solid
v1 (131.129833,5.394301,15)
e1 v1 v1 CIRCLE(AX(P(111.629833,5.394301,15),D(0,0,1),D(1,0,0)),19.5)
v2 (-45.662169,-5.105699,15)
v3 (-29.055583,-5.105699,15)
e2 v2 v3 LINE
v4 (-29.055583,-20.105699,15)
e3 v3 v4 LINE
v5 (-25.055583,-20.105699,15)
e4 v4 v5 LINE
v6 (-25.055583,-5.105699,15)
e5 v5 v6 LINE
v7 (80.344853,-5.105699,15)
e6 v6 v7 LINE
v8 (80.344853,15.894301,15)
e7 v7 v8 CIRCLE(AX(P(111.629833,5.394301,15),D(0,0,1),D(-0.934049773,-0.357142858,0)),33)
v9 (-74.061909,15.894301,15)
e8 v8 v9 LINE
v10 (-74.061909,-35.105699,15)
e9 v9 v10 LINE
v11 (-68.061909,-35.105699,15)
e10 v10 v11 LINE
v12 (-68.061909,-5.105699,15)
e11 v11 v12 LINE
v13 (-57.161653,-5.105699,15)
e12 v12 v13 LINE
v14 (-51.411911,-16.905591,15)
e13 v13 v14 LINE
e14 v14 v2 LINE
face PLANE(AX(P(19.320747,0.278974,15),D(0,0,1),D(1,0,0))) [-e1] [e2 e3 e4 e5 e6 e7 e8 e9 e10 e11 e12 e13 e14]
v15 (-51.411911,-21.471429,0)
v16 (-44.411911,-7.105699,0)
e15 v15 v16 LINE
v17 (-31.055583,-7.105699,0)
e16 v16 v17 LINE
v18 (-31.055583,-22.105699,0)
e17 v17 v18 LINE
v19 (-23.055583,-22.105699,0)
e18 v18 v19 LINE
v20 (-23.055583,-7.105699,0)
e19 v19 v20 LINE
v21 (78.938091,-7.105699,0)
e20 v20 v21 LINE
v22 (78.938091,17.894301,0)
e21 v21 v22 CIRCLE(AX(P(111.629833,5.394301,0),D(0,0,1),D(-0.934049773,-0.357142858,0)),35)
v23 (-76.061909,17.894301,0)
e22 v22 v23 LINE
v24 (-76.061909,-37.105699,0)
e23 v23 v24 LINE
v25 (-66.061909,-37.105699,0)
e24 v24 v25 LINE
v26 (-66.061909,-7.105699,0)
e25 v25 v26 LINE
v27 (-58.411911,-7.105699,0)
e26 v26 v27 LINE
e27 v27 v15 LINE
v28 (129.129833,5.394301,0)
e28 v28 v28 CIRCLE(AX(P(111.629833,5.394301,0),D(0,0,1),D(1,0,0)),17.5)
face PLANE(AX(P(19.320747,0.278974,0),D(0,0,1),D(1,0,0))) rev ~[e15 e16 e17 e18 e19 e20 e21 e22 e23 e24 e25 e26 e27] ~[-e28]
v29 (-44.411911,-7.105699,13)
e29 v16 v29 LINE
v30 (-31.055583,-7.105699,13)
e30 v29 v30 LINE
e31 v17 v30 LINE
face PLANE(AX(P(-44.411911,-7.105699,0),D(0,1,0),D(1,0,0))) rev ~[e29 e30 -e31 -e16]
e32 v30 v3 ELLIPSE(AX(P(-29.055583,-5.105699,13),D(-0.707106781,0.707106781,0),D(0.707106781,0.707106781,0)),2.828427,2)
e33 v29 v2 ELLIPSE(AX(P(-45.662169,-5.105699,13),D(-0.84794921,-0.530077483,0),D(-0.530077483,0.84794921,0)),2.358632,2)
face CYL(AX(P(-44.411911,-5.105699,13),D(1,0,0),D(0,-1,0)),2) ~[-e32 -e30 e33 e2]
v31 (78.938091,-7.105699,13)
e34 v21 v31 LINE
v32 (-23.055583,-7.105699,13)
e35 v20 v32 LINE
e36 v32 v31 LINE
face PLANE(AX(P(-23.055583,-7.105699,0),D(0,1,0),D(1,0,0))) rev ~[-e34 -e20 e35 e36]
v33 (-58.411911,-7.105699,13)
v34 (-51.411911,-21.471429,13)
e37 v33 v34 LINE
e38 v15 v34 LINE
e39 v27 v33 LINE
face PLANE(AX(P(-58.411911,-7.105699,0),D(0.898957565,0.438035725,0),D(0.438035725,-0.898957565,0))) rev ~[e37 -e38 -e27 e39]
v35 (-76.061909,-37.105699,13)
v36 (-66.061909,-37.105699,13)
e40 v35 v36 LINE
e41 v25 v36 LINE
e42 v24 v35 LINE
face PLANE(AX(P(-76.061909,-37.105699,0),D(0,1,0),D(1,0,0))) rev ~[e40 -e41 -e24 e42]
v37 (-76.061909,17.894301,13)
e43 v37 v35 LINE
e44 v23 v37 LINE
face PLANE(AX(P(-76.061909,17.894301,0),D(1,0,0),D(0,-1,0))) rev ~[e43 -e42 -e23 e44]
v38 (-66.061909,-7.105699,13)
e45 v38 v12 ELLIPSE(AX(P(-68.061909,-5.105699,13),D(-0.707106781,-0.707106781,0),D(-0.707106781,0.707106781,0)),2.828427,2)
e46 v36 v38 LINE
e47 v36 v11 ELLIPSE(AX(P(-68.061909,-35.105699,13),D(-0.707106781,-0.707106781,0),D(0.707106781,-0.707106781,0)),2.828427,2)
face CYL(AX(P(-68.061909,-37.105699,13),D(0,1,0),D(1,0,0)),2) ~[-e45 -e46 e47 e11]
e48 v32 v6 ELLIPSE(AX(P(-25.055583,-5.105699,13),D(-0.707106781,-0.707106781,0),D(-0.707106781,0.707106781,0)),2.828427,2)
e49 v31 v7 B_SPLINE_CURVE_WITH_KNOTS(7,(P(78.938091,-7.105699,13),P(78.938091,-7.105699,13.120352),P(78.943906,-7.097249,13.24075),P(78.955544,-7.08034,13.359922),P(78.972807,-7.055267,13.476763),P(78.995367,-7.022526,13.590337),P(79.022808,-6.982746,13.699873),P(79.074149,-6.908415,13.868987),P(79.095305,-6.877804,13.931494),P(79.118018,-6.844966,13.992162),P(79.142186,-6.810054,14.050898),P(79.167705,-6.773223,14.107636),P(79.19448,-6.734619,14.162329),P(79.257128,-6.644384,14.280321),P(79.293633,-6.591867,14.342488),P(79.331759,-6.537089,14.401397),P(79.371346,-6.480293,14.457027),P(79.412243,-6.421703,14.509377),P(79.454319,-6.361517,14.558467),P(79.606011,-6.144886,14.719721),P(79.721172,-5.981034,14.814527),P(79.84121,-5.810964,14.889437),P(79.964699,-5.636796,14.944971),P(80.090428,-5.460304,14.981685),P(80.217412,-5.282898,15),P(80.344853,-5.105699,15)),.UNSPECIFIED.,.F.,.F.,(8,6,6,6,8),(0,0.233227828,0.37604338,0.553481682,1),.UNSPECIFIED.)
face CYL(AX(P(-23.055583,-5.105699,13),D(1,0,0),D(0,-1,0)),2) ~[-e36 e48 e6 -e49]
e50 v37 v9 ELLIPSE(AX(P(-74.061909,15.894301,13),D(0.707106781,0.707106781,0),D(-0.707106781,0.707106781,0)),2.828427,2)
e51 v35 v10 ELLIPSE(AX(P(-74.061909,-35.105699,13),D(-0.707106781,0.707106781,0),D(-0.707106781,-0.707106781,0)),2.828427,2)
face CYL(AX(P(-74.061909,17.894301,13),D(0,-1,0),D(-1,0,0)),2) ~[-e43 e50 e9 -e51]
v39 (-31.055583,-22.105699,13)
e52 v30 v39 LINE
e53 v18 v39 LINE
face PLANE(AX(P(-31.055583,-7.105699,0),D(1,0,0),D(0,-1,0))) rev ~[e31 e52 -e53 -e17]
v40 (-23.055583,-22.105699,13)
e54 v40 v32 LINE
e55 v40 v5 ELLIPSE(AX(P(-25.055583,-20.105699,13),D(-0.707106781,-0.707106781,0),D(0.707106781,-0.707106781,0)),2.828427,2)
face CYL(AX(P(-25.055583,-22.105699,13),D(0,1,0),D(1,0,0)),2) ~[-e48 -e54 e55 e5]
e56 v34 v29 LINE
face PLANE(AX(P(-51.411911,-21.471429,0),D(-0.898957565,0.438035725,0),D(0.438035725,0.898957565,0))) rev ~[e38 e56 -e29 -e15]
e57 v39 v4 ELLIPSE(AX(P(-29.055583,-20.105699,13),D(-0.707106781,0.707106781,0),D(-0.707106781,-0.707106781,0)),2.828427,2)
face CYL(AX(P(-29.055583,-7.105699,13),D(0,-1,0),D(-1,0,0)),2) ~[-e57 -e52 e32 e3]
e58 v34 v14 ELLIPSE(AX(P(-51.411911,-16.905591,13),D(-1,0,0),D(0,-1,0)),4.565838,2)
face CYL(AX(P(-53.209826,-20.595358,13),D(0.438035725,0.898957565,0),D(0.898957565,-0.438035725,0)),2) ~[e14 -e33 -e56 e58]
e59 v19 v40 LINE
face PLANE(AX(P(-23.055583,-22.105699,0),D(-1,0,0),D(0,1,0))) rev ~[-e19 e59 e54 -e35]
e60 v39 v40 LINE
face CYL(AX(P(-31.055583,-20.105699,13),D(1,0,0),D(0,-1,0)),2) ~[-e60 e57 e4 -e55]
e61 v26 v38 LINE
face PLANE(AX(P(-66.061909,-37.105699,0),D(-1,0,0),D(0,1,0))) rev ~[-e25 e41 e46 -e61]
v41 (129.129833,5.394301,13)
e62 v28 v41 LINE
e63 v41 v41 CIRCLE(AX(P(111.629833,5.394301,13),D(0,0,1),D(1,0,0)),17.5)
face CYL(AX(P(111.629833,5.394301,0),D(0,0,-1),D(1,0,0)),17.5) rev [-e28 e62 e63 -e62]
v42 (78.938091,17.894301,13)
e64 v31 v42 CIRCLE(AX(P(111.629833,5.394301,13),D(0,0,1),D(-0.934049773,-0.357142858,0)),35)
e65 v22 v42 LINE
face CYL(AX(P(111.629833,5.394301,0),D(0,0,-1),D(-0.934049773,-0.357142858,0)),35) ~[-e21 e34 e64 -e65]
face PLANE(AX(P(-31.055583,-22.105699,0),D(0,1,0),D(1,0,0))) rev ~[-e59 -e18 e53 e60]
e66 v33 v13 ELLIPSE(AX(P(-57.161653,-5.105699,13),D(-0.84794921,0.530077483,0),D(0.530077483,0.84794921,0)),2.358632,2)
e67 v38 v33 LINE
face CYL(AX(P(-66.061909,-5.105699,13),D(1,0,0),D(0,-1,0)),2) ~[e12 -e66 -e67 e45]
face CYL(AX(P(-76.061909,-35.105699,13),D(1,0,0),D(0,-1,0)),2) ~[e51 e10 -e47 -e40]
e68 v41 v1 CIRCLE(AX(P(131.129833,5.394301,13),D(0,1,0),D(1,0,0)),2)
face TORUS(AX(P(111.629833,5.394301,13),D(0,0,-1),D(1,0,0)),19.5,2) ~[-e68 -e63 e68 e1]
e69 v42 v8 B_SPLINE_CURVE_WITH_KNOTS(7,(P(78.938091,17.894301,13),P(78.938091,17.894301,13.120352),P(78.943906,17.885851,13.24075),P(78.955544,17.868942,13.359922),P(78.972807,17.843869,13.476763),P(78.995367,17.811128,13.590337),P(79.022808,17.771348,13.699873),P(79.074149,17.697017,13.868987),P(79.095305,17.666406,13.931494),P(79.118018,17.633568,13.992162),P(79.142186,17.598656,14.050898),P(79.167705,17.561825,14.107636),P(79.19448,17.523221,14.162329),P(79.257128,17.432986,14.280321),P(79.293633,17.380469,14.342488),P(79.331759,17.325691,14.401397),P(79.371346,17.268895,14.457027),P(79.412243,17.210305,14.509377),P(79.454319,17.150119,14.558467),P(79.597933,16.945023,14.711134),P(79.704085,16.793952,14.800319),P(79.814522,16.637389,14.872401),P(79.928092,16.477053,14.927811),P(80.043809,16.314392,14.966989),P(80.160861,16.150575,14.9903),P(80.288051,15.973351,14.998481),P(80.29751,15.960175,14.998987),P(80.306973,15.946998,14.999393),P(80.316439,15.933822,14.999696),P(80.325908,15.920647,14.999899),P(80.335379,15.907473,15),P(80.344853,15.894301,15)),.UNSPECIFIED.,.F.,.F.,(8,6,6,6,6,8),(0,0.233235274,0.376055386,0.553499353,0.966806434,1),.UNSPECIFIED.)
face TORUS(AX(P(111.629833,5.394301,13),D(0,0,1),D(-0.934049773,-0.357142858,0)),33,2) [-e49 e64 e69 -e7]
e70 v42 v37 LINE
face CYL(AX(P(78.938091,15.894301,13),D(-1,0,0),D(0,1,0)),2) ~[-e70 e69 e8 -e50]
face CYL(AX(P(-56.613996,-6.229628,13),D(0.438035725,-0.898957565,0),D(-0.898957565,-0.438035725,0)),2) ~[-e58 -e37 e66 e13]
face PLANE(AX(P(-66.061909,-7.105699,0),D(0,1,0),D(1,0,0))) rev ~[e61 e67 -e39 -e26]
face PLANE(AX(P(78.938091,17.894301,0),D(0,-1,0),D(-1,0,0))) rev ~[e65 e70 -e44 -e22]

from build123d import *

# Parameters (mm, degrees)
F0_R     = 17.5
F1_DEPTH = 15
F2_R     = 2


with BuildPart() as f1:
    # F0 (on Top) → F1 (new body)
    with BuildSketch(Plane.XY):
        with BuildLine():
            Line((78.938091, 17.894301), (-76.061909, 17.894301))
            Line((-76.061909, 17.894301), (-76.061909, -7.105699))
            Line((-76.061909, -7.105699), (-76.061909, -37.105699))
            Line((-76.061909, -37.105699), (-66.061909, -37.105699))
            Line((-66.061909, -37.105699), (-66.061909, -7.105699))
            Line((-66.061909, -7.105699), (-58.411911, -7.105699))
            Line((-58.411911, -7.105699), (-51.411911, -21.471429))
            Line((-51.411911, -21.471429), (-44.411911, -7.105699))
            Line((-44.411911, -7.105699), (-31.055583, -7.105699))
            Line((-31.055583, -7.105699), (-31.055583, -22.105699))
            Line((-31.055583, -22.105699), (-23.055583, -22.105699))
            Line((-23.055583, -22.105699), (-23.055583, -7.105699))
            Line((-23.055583, -7.105699), (78.938091, -7.105699))
            ThreePointArc((78.938091, -7.105699), (146.629833, 5.394301), (78.938091, 17.894301))
        make_face()
        with Locations((111.629833, 5.394301)):
            Circle(F0_R, mode=Mode.SUBTRACT)
    extrude(amount=F1_DEPTH)

    # F2
    f2_edges = [f1.edges().sort_by_distance(p)[0] for p in [
        (1.438091, 17.894301, 15),
        (-76.061909, -9.605699, 15),
        (-71.061909, -37.105699, 15),
        (-66.061909, -22.105699, 15),
        (-62.23691, -7.105699, 15),
        (-54.911911, -14.288564, 15),
        (-47.911911, -14.288564, 15),
        (-37.733747, -7.105699, 15),
        (-31.055583, -14.605699, 15),
        (-27.055583, -22.105699, 15),
        (-23.055583, -14.605699, 15),
        (27.941254, -7.105699, 15),
        (146.629833, 5.394301, 15),
        (94.129833, 5.394301, 15),
    ]]
    fillet(f2_edges, radius=F2_R)


solid = f1.part
